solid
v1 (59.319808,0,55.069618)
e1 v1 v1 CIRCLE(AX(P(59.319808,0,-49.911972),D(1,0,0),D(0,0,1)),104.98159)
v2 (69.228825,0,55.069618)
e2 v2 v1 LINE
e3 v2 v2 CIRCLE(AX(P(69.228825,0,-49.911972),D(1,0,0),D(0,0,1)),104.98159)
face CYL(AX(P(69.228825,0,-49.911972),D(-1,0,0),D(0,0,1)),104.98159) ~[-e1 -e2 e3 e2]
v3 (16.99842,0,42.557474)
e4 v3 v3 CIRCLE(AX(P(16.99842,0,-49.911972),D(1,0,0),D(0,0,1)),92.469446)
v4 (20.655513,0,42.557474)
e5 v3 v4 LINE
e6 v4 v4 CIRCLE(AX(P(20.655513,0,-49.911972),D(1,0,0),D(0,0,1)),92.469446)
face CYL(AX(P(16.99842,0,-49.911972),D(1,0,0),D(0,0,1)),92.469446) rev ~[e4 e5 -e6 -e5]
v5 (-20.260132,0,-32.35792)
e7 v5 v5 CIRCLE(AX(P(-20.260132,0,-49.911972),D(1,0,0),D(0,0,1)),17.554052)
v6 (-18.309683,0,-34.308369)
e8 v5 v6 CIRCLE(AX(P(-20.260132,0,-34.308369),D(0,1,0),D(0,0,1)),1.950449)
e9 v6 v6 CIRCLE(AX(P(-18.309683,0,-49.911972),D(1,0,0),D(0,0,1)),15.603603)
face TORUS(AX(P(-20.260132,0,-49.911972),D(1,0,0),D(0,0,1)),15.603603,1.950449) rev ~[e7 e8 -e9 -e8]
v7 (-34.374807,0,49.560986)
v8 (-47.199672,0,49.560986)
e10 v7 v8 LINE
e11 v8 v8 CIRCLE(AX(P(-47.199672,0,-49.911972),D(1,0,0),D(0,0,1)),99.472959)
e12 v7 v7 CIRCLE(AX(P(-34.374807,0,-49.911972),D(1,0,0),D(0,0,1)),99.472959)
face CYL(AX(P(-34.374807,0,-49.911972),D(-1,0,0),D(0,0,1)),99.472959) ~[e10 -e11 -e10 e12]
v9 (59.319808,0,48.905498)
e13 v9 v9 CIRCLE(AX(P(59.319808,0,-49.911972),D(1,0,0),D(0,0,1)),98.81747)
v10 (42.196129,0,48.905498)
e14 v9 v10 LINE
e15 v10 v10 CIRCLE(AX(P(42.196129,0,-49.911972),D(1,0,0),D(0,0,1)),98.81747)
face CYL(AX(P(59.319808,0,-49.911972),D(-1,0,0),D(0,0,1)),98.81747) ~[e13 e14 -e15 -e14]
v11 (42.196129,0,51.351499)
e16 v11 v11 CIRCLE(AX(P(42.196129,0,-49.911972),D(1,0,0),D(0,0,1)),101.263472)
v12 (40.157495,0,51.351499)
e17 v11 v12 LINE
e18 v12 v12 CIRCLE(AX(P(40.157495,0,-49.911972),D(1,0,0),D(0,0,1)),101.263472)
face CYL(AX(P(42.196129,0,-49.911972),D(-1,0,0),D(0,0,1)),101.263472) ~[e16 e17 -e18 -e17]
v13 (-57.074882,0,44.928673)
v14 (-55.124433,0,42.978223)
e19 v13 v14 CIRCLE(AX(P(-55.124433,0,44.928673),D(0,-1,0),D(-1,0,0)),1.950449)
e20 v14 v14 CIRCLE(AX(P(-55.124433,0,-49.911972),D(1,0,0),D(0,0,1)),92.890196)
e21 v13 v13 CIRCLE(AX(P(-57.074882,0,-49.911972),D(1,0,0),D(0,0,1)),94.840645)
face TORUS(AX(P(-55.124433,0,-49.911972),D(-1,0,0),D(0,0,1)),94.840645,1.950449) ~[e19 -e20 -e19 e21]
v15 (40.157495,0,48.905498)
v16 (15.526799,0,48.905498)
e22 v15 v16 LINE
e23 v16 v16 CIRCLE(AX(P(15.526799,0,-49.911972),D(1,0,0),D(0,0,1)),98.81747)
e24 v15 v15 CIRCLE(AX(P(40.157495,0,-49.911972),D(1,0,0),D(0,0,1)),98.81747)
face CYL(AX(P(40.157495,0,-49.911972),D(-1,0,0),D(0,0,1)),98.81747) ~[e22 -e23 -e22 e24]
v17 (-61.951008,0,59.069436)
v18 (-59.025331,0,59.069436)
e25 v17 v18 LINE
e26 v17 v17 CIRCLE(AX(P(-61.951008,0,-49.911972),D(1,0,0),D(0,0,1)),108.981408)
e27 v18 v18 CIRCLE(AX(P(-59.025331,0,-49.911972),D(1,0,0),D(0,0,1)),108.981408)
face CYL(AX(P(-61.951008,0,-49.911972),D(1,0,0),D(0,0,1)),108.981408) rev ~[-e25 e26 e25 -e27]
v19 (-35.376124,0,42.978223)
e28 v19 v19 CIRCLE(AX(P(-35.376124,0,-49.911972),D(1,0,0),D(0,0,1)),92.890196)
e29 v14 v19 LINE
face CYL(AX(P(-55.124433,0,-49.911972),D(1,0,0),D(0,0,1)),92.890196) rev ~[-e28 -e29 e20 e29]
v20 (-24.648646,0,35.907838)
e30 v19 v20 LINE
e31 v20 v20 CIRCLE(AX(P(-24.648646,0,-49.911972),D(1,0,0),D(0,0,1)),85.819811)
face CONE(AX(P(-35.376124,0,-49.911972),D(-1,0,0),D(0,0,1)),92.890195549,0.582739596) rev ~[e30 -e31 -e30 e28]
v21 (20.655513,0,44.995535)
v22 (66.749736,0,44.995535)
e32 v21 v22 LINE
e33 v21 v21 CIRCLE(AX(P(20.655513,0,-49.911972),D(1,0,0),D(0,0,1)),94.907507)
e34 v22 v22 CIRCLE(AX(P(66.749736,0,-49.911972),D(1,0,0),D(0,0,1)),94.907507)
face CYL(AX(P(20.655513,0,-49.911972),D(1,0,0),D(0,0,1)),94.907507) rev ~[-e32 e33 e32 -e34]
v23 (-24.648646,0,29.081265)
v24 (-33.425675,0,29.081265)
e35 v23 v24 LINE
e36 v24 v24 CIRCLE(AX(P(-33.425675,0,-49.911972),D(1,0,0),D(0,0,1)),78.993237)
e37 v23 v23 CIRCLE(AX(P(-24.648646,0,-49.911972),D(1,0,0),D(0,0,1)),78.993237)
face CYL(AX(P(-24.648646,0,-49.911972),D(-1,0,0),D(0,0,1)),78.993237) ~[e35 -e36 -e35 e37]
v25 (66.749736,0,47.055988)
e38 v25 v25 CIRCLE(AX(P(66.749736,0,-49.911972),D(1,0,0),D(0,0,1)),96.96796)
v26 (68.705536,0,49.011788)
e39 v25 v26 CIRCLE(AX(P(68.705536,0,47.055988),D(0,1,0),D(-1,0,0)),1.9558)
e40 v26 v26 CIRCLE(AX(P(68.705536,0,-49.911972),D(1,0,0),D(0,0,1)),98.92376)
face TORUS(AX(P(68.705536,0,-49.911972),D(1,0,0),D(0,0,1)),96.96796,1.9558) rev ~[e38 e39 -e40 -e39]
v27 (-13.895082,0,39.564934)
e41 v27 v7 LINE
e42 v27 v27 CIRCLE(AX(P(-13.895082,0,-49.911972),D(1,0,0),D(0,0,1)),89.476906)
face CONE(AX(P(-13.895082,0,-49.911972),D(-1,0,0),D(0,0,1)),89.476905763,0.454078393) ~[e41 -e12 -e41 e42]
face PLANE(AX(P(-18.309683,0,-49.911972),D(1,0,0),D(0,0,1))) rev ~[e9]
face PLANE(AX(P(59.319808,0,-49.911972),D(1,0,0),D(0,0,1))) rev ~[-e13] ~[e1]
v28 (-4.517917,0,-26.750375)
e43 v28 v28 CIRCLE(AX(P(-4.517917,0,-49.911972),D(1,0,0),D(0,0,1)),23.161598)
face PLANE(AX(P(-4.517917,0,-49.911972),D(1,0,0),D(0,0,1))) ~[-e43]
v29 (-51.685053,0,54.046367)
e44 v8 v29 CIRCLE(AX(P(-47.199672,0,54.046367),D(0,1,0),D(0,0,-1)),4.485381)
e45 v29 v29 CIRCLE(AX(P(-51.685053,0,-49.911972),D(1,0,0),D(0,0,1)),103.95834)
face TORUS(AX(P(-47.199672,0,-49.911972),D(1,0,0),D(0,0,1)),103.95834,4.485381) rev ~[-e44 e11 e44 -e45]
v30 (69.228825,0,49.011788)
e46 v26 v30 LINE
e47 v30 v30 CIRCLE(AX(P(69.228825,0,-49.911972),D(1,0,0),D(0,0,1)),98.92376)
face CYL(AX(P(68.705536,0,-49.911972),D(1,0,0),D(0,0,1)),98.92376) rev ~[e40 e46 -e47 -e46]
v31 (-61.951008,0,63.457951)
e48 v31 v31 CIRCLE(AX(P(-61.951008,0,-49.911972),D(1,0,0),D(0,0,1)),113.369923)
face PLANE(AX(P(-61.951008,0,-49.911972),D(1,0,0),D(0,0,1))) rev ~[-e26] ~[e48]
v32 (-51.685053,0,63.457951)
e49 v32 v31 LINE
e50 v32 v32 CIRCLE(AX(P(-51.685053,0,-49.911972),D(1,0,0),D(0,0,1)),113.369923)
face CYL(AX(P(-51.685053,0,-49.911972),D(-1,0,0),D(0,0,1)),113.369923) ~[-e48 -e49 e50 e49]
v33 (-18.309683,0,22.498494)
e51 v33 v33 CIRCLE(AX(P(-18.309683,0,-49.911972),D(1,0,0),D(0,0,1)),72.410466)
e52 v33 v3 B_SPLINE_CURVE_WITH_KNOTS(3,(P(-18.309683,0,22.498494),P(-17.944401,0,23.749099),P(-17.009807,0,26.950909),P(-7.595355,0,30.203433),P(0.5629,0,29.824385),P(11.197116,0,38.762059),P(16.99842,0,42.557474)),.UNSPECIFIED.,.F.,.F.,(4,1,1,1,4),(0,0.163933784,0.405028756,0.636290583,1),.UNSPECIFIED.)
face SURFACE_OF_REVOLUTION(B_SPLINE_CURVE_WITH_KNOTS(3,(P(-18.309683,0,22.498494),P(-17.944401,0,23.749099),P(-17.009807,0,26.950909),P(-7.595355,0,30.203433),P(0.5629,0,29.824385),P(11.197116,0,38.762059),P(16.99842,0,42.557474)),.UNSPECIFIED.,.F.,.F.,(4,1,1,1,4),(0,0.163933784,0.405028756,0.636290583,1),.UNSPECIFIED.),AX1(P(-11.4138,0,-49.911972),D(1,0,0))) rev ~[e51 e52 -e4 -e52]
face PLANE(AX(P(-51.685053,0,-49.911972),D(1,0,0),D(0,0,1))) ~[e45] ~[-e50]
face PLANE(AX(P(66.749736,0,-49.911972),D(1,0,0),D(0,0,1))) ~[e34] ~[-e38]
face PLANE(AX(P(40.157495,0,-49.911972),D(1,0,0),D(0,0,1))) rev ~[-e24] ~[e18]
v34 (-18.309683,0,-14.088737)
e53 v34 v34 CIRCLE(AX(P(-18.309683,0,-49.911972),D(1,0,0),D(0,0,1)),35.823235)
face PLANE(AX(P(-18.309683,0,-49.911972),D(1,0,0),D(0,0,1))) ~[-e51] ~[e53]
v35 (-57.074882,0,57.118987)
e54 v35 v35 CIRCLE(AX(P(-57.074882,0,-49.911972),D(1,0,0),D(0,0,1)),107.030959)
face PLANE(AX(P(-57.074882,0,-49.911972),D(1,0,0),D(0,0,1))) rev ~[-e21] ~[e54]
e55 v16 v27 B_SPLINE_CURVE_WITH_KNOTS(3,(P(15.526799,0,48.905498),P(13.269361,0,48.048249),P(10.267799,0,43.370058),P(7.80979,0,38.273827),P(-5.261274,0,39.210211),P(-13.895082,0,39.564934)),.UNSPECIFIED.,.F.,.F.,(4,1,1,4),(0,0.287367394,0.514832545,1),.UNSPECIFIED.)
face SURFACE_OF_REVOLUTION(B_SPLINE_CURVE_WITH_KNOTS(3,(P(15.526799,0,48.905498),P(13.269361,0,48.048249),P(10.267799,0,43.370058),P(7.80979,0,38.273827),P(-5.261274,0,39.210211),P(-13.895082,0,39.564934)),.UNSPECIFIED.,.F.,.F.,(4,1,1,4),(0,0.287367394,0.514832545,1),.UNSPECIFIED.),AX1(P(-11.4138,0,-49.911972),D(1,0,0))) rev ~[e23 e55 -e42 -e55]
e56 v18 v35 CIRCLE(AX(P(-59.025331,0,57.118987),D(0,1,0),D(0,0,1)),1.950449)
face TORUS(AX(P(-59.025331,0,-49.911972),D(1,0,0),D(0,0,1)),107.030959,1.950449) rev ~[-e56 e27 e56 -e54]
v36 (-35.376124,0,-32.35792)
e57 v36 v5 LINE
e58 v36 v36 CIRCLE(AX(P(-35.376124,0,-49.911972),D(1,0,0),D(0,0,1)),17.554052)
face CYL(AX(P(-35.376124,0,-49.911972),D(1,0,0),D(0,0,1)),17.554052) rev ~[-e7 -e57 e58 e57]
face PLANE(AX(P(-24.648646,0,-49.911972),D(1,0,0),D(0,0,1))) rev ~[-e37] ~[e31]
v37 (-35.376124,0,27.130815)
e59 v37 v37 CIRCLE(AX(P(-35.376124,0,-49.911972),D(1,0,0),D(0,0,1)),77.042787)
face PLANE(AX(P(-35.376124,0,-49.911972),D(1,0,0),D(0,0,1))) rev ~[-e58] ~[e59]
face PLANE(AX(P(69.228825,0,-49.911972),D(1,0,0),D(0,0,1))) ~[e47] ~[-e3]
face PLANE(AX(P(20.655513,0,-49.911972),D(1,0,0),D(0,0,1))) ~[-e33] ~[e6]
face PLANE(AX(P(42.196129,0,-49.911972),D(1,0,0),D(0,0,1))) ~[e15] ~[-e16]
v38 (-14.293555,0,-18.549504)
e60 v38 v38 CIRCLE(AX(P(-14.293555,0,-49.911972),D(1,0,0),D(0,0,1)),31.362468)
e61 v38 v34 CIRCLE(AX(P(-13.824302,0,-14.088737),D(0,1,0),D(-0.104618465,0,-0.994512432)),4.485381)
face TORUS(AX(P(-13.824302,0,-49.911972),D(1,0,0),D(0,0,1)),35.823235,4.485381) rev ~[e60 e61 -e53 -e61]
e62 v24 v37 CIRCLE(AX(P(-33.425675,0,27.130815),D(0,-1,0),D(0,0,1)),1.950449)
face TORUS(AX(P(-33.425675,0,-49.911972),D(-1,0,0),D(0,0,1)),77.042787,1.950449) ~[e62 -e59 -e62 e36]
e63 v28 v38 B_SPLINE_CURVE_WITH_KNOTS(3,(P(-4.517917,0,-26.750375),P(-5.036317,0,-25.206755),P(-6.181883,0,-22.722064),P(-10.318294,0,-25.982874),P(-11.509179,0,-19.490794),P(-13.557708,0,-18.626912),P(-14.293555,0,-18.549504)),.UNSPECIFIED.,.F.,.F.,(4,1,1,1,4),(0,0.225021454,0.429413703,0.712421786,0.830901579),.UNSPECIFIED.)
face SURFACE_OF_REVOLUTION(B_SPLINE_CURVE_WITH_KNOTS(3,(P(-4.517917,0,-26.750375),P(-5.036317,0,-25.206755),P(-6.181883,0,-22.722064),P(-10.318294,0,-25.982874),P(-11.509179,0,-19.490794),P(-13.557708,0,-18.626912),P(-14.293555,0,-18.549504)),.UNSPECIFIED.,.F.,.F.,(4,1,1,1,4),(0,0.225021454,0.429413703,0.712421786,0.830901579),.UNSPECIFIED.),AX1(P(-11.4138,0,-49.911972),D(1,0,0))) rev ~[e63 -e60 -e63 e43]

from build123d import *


with BuildPart() as f1:
    # F0 (on Front) → F1 (revolve)
    with BuildSketch(Plane.XZ):
        with BuildLine():
            Line((-51.6850533998, 63.4579509497), (-61.951007694, 63.4579509497))
            Line((-61.951007694, 63.4579509497), (-61.951007694, 59.0694360435))
            Line((-61.951007694, 59.0694360435), (-59.0253314003, 59.0694360435))
            ThreePointArc((-59.0253314003, 59.0694360435), (-57.6461554667, 58.4981626669), (-57.0748820901, 57.1189867333))
            Line((-57.0748820901, 57.1189867333), (-57.0748820901, 44.9286727235))
            ThreePointArc((-57.0748820901, 44.9286727235), (-56.5036087135, 43.5494967898), (-55.1244327798, 42.9782234132))
            Line((-55.1244327798, 42.9782234132), (-35.376124084, 42.9782234132))
            Line((-35.376124084, 42.9782234132), (-24.6486458927, 35.9078384936))
            Line((-24.6486458927, 35.9078384936), (-24.6486458927, 29.0812645108))
            Line((-24.6486458927, 29.0812645108), (-33.4256747738, 29.0812645108))
            ThreePointArc((-33.4256747738, 29.0812645108), (-34.8048507074, 28.5099911341), (-35.376124084, 27.1308152005))
            Line((-35.376124084, 27.1308152005), (-35.376124084, -32.3579199612))
            Line((-35.376124084, -32.3579199612), (-20.2601319179, -32.3579199612))
            ThreePointArc((-20.2601319179, -32.3579199612), (-18.8809559843, -32.9291933378), (-18.3096826077, -34.3083692715))
            Line((-18.3096826077, -34.3083692715), (-18.3096826077, -49.9119721353))
            Line((-18.3096826077, -49.9119721353), (-4.5179171469, -49.9119721353))
            Line((-4.5179171469, -49.9119721353), (-4.5179171469, -26.7503745854))
            add(Edge.make_bspline(
                [(-4.5179171469, -26.7503745854), (-5.0363166266, -25.2067549025), (-6.1818830322, -22.7220642246), (-10.318293926, -25.9828736028), (-11.5091792155, -19.4907937599), (-13.5577082931, -18.626912032), (-14.2935553126, -18.5495040646)],
                knots=[0, 0, 0, 0, 0.2250214536, 0.4294137033, 0.7124217865, 0.8309015785, 0.8309015785, 0.8309015785, 0.8309015785], degree=3))
            ThreePointArc((-14.2935553126, -18.5495040646), (-17.1577250992, -17.0898917868), (-18.3096826077, -14.0887369312))
            Line((-18.3096826077, -14.0887369312), (-18.3096826077, 22.4984940141))
            add(Edge.make_bspline(
                [(-18.3096826077, 22.4984940141), (-17.9444008215, 23.7490986526), (-17.0098070539, 26.9509088743), (-7.5953548757, 30.2034332064), (0.5628995135, 29.8243851848), (11.197115806, 38.7620587704), (16.9984197934, 42.5574737503)],
                knots=[0, 0, 0, 0, 0.163933784, 0.4050287562, 0.6362905825, 1, 1, 1, 1], degree=3))
            Line((16.9984197934, 42.5574737503), (20.655513065, 42.5574737503))
            Line((20.655513065, 42.5574737503), (20.655513065, 44.9955346896))
            Line((20.655513065, 44.9955346896), (66.7497361129, 44.9955346896))
            Line((66.7497361129, 44.9955346896), (66.7497361129, 47.0559877274))
            ThreePointArc((66.7497361129, 47.0559877274), (67.3225766702, 48.43894717), (68.7055361129, 49.0117877274))
            Line((68.7055361129, 49.0117877274), (69.2288248679, 49.0117877274))
            Line((69.2288248679, 49.0117877274), (69.2288248679, 55.0696181733))
            Line((69.2288248679, 55.0696181733), (59.319808419, 55.0696181733))
            Line((59.319808419, 55.0696181733), (59.319808419, 48.9054978666))
            Line((59.319808419, 48.9054978666), (42.1961293183, 48.9054978666))
            Line((42.1961293183, 48.9054978666), (42.1961293183, 51.3514993712))
            Line((42.1961293183, 51.3514993712), (40.1574949433, 51.3514993712))
            Line((40.1574949433, 51.3514993712), (40.1574949433, 48.9054978666))
            Line((40.1574949433, 48.9054978666), (15.5267990878, 48.9054978666))
            add(Edge.make_bspline(
                [(15.5267990878, 48.9054978666), (13.2693612893, 48.048248608), (10.2677989982, 43.3700575435), (7.8097904296, 38.2738272116), (-5.2612738031, 39.2102109938), (-13.8950818321, 39.5649336278)],
                knots=[0, 0, 0, 0, 0.2873673944, 0.514832545, 1, 1, 1, 1], degree=3))
            Line((-13.8950818321, 39.5649336278), (-34.3748065745, 49.5609864593))
            Line((-34.3748065745, 49.5609864593), (-47.1996724317, 49.5609864593))
            ThreePointArc((-47.1996724317, 49.5609864593), (-50.3713157304, 50.8747241286), (-51.6850533998, 54.0463674273))
            Line((-51.6850533998, 54.0463674273), (-51.6850533998, 63.4579509497))
        make_face()
    revolve(axis=Axis((-11.4137998773, 0, -49.9119721353), (1, 0, 0)))


solid = f1.part
